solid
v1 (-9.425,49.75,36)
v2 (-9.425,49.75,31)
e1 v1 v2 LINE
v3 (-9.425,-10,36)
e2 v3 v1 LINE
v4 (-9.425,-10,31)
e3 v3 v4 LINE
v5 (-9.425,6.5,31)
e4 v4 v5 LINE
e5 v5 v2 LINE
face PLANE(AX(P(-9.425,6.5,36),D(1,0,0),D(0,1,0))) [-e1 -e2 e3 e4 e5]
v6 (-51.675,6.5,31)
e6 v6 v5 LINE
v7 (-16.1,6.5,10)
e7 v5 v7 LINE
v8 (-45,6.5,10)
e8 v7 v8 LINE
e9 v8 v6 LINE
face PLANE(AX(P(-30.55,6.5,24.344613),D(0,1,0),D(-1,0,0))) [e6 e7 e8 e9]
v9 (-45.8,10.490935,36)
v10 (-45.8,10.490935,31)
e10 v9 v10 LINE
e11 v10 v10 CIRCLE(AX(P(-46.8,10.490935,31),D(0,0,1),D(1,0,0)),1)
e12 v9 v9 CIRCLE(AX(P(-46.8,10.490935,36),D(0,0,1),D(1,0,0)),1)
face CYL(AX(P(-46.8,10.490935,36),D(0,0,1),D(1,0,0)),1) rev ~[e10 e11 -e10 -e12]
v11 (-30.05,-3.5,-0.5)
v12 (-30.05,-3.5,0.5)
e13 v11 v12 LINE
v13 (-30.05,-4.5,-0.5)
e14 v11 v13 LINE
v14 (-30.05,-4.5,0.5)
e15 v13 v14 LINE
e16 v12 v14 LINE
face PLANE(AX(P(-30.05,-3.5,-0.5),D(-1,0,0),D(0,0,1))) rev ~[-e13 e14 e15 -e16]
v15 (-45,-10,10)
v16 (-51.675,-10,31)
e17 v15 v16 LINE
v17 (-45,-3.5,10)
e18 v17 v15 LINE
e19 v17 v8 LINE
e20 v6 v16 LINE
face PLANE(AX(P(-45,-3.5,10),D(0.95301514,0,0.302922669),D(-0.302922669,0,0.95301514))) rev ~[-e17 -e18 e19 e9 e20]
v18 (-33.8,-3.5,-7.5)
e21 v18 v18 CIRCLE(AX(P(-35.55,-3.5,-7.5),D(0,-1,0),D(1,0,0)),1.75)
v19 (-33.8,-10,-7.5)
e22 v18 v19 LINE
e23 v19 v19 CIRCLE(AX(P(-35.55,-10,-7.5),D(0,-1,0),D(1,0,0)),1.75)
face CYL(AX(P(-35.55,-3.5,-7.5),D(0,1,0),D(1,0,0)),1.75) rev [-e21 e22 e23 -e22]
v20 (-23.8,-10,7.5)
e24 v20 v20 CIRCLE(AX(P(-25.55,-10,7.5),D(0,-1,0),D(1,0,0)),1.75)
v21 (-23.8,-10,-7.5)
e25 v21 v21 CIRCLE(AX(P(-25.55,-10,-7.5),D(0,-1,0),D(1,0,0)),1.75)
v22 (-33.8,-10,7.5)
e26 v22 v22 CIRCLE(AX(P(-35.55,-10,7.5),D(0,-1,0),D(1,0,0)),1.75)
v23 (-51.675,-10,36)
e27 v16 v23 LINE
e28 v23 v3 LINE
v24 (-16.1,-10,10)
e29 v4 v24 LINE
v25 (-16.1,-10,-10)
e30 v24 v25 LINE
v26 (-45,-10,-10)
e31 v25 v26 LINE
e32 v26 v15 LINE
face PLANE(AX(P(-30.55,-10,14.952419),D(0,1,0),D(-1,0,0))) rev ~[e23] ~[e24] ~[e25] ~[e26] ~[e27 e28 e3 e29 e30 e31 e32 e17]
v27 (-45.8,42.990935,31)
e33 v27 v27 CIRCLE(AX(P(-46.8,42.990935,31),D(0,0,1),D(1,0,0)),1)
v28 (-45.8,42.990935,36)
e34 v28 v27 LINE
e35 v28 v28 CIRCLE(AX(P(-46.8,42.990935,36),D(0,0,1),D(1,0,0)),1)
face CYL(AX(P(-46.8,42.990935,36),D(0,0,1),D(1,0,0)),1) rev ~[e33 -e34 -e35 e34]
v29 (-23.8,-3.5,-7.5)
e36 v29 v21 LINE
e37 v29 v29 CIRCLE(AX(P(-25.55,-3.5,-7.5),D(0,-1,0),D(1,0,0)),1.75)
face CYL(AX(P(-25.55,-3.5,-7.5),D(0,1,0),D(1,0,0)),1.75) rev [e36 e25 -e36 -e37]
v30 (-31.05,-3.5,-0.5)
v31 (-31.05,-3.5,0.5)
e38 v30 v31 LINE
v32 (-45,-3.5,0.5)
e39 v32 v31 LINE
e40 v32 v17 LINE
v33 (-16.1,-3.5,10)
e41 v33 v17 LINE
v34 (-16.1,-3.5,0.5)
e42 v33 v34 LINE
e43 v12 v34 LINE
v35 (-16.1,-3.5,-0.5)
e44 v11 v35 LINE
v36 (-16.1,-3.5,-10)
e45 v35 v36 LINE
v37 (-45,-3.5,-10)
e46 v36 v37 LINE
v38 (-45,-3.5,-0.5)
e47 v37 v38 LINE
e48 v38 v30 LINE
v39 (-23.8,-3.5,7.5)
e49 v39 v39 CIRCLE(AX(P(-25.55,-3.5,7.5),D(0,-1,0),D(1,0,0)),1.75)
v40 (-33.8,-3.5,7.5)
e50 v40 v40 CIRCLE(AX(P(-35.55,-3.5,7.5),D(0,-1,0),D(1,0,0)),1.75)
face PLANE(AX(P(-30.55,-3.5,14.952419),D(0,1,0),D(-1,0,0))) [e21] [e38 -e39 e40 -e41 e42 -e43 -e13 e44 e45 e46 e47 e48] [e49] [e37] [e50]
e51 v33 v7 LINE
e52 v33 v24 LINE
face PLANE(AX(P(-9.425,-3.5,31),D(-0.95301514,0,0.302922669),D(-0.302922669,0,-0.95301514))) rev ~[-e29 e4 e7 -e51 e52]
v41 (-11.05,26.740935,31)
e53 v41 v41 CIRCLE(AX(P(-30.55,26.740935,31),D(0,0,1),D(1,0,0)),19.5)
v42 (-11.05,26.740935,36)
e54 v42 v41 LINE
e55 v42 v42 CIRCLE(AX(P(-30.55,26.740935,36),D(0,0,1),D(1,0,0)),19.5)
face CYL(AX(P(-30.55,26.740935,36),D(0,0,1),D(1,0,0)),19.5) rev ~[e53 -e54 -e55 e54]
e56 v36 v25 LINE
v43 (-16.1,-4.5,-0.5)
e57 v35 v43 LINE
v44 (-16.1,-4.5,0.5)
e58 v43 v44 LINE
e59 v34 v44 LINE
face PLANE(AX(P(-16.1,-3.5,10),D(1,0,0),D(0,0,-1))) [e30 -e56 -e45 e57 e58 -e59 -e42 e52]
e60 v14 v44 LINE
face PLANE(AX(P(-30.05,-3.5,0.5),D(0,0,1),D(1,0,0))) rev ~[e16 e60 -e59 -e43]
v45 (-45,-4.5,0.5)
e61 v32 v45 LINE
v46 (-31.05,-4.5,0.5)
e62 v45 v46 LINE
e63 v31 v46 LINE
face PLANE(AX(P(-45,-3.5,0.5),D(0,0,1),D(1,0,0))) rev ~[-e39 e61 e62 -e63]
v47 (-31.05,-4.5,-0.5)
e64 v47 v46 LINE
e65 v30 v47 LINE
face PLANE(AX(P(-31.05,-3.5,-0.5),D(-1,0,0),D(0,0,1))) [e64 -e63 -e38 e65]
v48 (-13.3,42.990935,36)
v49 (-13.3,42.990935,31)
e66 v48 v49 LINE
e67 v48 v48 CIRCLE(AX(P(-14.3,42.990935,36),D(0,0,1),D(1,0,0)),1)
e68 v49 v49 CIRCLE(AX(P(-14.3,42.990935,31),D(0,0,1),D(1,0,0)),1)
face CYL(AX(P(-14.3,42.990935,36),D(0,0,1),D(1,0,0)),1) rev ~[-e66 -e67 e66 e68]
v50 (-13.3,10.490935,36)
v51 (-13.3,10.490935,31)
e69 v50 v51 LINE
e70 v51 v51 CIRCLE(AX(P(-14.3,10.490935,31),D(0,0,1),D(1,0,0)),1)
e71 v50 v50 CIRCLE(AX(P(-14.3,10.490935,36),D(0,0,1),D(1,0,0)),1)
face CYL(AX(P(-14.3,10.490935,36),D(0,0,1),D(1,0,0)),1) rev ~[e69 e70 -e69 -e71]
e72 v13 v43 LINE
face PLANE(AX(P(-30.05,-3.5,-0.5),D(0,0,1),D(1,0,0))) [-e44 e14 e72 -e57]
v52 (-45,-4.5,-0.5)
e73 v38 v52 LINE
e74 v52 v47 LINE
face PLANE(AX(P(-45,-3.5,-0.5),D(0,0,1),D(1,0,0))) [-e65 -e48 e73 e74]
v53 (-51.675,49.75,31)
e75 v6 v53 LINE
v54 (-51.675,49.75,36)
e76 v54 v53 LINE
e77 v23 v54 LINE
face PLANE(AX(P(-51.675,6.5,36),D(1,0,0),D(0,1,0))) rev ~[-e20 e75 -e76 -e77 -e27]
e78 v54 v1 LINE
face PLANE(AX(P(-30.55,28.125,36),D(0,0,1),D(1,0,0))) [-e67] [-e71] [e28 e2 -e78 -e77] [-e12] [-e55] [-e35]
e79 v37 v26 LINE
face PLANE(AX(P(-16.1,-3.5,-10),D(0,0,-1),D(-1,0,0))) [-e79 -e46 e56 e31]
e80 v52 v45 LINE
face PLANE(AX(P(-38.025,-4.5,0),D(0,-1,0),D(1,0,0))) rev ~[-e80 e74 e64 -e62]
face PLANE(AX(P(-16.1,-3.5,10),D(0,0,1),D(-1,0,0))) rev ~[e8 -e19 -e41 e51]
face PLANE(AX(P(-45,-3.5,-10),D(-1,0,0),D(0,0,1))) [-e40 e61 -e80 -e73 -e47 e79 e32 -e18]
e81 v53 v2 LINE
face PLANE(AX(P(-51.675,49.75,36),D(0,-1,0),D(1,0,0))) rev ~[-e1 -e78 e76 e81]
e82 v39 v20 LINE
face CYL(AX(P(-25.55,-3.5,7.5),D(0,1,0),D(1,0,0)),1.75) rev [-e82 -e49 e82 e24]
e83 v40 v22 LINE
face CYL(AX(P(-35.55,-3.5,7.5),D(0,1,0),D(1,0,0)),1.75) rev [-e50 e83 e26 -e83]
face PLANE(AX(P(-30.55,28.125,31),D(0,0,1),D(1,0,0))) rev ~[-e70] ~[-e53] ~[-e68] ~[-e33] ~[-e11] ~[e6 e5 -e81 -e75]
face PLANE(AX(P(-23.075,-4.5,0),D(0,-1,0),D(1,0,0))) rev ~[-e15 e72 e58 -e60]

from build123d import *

# Parameters (mm, degrees)
SKETCH010_R     = 1.75
PAD005_DEPTH    = 6.5
PAD006_DEPTH    = 10
SKETCH012_R     = 3
POCKET004_DEPTH = 14.45
SKETCH013_W     = 42.25
SKETCH013_H     = 43.25
SKETCH013_R     = 19.5
SKETCH013_R_2   = 1
PAD007_DEPTH    = 5
SKETCH054_W     = 13.95
SKETCH054_H     = 1
POCKET023_DEPTH = 1


with BuildPart() as part:
    # Sketch010 → Pad005 (new body)
    with BuildSketch(Plane.XZ):
        Polygon((14.45, 10), (14.45, -10), (-14.45, -10), (-14.45, 10), (-21.125, 31), (-21.125, 36), (21.125, 36), (21.125, 31), align=None)
        with Locations((-5, 7.5)):
            Circle(SKETCH010_R, mode=Mode.SUBTRACT)
        with Locations((5, 7.5)):
            Circle(SKETCH010_R, mode=Mode.SUBTRACT)
        with Locations((-5, -7.5)):
            Circle(SKETCH010_R, mode=Mode.SUBTRACT)
        with Locations((5, -7.5)):
            Circle(SKETCH010_R, mode=Mode.SUBTRACT)
    extrude(amount=PAD005_DEPTH)

    # Sketch011 → Pad006 (join)
    with BuildSketch(Plane.XZ):
        Polygon((-21.125, 36), (21.125, 36), (21.125, 31), (14.45, 10), (-14.45, 10), (-21.125, 31), align=None)
    extrude(amount=-PAD006_DEPTH)

    # Sketch012 → Pocket004 (cut, symmetric)
    with BuildSketch(Plane.YZ):
        with Locations((5, -14.5)):
            Circle(SKETCH012_R)
    extrude(amount=POCKET004_DEPTH, both=True, mode=Mode.SUBTRACT)

    # Sketch013 → Pad007 (join)
    with BuildSketch(Plane.XY.offset(36)):
        with Locations((0, 31.625)):
            Rectangle(SKETCH013_W, SKETCH013_H)
        with Locations((0, 30.240935)):
            Circle(SKETCH013_R, mode=Mode.SUBTRACT)
        with Locations((-16.25, 46.490935)):
            Circle(SKETCH013_R_2, mode=Mode.SUBTRACT)
        with Locations((16.25, 46.490935)):
            Circle(SKETCH013_R_2, mode=Mode.SUBTRACT)
        with Locations((16.25, 13.990935)):
            Circle(SKETCH013_R_2, mode=Mode.SUBTRACT)
        with Locations((-16.25, 13.990935)):
            Circle(SKETCH013_R_2, mode=Mode.SUBTRACT)
    extrude(amount=-PAD007_DEPTH)

    # Sketch054 → Pocket023 (cut)
    with BuildSketch(Plane.XZ):
        with Locations((-7.475, 0)):
            Rectangle(SKETCH054_W, SKETCH054_H)
        with Locations((7.475, 0)):
            Rectangle(SKETCH054_W, SKETCH054_H)
    extrude(amount=POCKET023_DEPTH, mode=Mode.SUBTRACT)


with BuildPart() as part_1:
    # Body003 placement: moved
    add(part.part.moved(Location((-30.55, -3.5, 0))))


solid = part_1.part
